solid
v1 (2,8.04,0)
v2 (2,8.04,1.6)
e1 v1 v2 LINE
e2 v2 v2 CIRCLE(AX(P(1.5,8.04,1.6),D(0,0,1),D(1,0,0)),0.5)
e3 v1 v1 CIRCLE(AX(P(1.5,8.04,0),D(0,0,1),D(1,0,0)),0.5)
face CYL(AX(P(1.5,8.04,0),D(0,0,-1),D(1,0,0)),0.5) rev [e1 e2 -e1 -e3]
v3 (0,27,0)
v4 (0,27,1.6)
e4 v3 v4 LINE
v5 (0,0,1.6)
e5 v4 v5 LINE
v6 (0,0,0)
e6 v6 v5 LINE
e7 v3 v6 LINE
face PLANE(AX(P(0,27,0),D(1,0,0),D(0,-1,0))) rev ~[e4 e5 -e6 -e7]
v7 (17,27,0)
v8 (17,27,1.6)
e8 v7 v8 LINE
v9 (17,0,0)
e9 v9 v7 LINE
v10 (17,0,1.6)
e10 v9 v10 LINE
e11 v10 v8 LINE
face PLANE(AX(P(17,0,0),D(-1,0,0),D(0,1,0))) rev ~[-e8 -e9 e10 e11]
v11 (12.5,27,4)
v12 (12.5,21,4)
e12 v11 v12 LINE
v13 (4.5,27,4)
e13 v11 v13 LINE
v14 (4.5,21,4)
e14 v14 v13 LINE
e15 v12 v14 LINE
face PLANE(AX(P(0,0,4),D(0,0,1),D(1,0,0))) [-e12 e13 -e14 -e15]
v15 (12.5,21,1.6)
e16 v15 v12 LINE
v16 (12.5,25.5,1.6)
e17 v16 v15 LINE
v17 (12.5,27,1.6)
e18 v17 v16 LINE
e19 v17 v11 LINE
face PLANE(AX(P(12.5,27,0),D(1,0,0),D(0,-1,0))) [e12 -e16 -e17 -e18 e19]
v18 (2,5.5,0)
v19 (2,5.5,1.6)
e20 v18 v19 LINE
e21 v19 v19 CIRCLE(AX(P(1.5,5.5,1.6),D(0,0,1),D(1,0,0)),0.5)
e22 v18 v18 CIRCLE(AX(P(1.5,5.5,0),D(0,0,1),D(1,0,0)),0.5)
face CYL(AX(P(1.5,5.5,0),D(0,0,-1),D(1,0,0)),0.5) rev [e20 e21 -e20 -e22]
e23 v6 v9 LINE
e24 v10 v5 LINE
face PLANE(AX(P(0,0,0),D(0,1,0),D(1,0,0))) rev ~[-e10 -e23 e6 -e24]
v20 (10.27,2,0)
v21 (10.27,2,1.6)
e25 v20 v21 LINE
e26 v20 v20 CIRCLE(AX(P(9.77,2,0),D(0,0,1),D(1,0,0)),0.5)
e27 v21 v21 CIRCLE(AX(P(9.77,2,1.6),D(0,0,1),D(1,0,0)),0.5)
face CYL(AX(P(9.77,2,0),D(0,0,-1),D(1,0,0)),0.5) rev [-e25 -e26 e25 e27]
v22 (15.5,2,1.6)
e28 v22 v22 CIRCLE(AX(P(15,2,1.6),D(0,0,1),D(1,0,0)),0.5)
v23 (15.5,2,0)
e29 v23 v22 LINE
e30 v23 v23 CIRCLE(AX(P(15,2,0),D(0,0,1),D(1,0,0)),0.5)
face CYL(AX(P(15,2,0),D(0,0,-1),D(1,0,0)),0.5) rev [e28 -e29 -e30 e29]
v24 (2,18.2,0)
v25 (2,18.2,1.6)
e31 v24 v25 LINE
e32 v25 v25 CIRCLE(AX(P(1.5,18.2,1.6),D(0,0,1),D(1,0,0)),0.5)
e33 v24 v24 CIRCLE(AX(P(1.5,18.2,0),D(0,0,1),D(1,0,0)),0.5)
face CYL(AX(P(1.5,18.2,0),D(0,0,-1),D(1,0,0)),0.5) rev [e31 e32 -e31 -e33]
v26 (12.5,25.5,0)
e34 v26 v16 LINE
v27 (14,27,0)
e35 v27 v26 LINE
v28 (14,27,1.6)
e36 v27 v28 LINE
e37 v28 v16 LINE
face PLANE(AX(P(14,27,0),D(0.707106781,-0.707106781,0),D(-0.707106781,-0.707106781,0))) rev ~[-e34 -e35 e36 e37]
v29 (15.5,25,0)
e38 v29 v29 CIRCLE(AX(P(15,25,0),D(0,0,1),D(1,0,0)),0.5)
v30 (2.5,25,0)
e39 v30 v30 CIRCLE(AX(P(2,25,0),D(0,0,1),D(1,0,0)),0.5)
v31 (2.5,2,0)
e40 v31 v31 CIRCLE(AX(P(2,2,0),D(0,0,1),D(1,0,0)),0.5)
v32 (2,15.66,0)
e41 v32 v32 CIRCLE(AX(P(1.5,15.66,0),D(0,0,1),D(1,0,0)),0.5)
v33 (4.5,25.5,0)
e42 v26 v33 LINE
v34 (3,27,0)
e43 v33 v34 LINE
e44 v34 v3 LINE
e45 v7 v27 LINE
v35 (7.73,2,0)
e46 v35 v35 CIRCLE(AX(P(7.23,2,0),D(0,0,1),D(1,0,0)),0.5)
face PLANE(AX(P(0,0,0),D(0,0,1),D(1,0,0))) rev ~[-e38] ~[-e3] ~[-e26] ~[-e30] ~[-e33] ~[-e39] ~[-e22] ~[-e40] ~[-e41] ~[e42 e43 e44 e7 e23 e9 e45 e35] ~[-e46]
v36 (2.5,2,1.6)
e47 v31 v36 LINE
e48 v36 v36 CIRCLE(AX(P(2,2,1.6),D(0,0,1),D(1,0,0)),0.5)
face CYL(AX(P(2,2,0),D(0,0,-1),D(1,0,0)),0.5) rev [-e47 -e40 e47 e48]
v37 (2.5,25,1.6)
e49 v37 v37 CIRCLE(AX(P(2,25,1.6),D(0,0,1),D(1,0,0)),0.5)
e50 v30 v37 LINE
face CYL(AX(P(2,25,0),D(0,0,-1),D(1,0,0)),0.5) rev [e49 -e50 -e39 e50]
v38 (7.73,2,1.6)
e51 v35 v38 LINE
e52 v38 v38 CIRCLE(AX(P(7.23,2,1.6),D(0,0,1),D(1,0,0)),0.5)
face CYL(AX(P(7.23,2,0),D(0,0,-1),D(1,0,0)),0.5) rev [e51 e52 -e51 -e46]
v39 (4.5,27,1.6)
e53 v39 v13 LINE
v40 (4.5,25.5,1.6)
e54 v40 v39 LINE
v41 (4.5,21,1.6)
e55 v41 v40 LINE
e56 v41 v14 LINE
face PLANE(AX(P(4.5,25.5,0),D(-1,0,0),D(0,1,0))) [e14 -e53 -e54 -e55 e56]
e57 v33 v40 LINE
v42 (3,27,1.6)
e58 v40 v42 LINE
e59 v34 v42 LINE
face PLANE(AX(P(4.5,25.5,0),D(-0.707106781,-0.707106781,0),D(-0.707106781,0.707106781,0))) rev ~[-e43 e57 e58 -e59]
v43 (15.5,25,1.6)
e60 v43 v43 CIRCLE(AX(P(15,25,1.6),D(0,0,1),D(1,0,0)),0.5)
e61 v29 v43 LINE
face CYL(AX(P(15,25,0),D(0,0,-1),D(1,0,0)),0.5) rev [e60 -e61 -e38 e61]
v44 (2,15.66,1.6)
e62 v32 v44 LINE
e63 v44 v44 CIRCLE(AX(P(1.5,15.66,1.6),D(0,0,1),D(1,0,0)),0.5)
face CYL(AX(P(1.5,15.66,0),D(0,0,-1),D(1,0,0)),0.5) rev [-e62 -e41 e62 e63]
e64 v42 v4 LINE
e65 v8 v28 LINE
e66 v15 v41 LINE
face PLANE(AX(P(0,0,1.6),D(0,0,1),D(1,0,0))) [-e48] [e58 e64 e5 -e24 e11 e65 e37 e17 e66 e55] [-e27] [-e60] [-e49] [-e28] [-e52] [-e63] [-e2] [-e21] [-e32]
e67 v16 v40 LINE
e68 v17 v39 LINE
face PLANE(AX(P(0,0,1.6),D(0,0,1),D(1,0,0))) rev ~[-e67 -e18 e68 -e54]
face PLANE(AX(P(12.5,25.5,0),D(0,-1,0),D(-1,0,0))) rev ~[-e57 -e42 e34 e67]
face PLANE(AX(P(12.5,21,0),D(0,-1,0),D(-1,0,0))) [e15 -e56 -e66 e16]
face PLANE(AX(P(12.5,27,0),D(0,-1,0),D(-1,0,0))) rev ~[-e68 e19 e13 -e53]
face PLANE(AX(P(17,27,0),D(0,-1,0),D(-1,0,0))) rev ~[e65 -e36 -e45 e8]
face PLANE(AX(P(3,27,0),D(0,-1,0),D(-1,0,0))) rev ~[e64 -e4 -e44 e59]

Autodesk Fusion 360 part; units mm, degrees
sketch "Skizze1" plane through (0, 0, 0) normal (0, 0, 1) x (1, 0, 0)
  line L0 (0, 0) -> (17, 0)
  line L1 (17, 0) -> (17, 27)
  line L2 (17, 27) -> (0, 27)
  line L3 (0, 27) -> (0, 0)
  line L4 (14, 27) -> (12.5, 25.5)
  line L5 (12.5, 25.5) -> (4.5, 25.5)
  line L6 (4.5, 25.5) -> (3, 27)
  line L7 (4.5, 27) -> (12.5, 27)
  line L8 (12.5, 27) -> (12.5, 21)
  line L9 (12.5, 21) -> (4.5, 21)
  line L10 (4.5, 21) -> (4.5, 27)
  circle A0 centre (2, 25) radius 0.5
  circle A1 centre (15, 25) radius 0.5
  circle A2 centre (2, 2) radius 0.5
  circle A3 centre (15, 2) radius 0.5
  circle A4 centre (7.23, 2) radius 0.5
  circle A5 centre (9.77, 2) radius 0.5
  line L11 (8.5, 0) -> (8.5, 3.6203)
  circle A6 centre (1.5, 5.5) radius 0.5
  circle A7 centre (1.5, 8.04) radius 0.5
  circle A8 centre (1.5, 15.66) radius 0.5
  circle A9 centre (1.5, 18.2) radius 0.5
  dimension "d1" = 17
  dimension "d2" = 27
  dimension "d3" = 3
  dimension "d4" = 3
  dimension "d5" = 45
  dimension "d6" = 45
  dimension "d7" = 1.5
  dimension "d8" = 8
  dimension "d9" = 6
  dimension "d10" = 4.5
  dimension "d17" = 1
  dimension "d18" = 2
  dimension "d19" = 2
  dimension "d22" = 13
  dimension "d23" = -23
  dimension "d24" = 1
  dimension "d25" = 2
  dimension "d28" = 2.54
  dimension "d29" = 0
  dimension "d30" = 1
  dimension "d31" = 5.5
  dimension "d32" = 1.5
  dimension "d35" = 0
  dimension "d36" = 2.54
  dimension "d39" = 0
  dimension "d40" = 10.16
extrude "Extrusion2" add sketch "Skizze1" along normal blind 4 contours L2 L5 L7 L8 L10 | L5 L8 L9 L10
extrude "Extrusion3" cut sketch "Skizze1" along normal blind 1.6 contours L2 L5 L7 L8 L10
extrude "Extrusion4" add sketch "Skizze1" along normal blind 1.6 contours L0 L1 L2 L3 L4 L6 L8 L9 L10
sketch "Skizze2" plane through (0, 0, 1.6) normal (0, 0, 1) x (-1, 0, 0)
  circle A0 centre (-1.5, -15.66) radius 0.5
  circle A1 centre (-2, -2) radius 0.5
  circle A2 centre (-1.5, -8.04) radius 0.5
  circle A3 centre (-15, -25) radius 0.5
  circle A4 centre (-1.5, -18.2) radius 0.5
  circle A5 centre (-7.23, -2) radius 0.5
  circle A6 centre (-1.5, -5.5) radius 0.5
  circle A7 centre (-15, -2) radius 0.5
  circle A8 centre (-9.77, -2) radius 0.5
  circle A9 centre (-2, -25) radius 0.5
  line L0 (-4.5, -21) -> (-4.5, -25.5)
  line L1 (-4.5, -25.5) -> (-3, -27)
  line L2 (-3, -27) -> (0, -27)
  line L3 (0, -27) -> (0, 0)
  line L4 (0, 0) -> (-17, 0)
  line L5 (-17, 0) -> (-17, -27)
  line L6 (-17, -27) -> (-14, -27)
  line L7 (-14, -27) -> (-12.5, -25.5)
  line L8 (-12.5, -25.5) -> (-12.5, -21)
  line L9 (-12.5, -21) -> (-4.5, -21)
  line L10 (-4.75, -3.5) -> (-12.25, -3.5)
  line L11 (-12.25, -3.5) -> (-12.25, 7.5)
  line L12 (-12.25, 7.5) -> (-4.75, 7.5)
  line L13 (-4.75, 7.5) -> (-4.75, -3.5)
  line L14 (-4.75, 0) -> (-12.25, 0)
  line L15 (0, 0) -> (-17, 0)
  dimension "d43" = 7.5
  dimension "d44" = 11
  dimension "d45" = 3.5
extrude "Extrusion5" [suppressed]
